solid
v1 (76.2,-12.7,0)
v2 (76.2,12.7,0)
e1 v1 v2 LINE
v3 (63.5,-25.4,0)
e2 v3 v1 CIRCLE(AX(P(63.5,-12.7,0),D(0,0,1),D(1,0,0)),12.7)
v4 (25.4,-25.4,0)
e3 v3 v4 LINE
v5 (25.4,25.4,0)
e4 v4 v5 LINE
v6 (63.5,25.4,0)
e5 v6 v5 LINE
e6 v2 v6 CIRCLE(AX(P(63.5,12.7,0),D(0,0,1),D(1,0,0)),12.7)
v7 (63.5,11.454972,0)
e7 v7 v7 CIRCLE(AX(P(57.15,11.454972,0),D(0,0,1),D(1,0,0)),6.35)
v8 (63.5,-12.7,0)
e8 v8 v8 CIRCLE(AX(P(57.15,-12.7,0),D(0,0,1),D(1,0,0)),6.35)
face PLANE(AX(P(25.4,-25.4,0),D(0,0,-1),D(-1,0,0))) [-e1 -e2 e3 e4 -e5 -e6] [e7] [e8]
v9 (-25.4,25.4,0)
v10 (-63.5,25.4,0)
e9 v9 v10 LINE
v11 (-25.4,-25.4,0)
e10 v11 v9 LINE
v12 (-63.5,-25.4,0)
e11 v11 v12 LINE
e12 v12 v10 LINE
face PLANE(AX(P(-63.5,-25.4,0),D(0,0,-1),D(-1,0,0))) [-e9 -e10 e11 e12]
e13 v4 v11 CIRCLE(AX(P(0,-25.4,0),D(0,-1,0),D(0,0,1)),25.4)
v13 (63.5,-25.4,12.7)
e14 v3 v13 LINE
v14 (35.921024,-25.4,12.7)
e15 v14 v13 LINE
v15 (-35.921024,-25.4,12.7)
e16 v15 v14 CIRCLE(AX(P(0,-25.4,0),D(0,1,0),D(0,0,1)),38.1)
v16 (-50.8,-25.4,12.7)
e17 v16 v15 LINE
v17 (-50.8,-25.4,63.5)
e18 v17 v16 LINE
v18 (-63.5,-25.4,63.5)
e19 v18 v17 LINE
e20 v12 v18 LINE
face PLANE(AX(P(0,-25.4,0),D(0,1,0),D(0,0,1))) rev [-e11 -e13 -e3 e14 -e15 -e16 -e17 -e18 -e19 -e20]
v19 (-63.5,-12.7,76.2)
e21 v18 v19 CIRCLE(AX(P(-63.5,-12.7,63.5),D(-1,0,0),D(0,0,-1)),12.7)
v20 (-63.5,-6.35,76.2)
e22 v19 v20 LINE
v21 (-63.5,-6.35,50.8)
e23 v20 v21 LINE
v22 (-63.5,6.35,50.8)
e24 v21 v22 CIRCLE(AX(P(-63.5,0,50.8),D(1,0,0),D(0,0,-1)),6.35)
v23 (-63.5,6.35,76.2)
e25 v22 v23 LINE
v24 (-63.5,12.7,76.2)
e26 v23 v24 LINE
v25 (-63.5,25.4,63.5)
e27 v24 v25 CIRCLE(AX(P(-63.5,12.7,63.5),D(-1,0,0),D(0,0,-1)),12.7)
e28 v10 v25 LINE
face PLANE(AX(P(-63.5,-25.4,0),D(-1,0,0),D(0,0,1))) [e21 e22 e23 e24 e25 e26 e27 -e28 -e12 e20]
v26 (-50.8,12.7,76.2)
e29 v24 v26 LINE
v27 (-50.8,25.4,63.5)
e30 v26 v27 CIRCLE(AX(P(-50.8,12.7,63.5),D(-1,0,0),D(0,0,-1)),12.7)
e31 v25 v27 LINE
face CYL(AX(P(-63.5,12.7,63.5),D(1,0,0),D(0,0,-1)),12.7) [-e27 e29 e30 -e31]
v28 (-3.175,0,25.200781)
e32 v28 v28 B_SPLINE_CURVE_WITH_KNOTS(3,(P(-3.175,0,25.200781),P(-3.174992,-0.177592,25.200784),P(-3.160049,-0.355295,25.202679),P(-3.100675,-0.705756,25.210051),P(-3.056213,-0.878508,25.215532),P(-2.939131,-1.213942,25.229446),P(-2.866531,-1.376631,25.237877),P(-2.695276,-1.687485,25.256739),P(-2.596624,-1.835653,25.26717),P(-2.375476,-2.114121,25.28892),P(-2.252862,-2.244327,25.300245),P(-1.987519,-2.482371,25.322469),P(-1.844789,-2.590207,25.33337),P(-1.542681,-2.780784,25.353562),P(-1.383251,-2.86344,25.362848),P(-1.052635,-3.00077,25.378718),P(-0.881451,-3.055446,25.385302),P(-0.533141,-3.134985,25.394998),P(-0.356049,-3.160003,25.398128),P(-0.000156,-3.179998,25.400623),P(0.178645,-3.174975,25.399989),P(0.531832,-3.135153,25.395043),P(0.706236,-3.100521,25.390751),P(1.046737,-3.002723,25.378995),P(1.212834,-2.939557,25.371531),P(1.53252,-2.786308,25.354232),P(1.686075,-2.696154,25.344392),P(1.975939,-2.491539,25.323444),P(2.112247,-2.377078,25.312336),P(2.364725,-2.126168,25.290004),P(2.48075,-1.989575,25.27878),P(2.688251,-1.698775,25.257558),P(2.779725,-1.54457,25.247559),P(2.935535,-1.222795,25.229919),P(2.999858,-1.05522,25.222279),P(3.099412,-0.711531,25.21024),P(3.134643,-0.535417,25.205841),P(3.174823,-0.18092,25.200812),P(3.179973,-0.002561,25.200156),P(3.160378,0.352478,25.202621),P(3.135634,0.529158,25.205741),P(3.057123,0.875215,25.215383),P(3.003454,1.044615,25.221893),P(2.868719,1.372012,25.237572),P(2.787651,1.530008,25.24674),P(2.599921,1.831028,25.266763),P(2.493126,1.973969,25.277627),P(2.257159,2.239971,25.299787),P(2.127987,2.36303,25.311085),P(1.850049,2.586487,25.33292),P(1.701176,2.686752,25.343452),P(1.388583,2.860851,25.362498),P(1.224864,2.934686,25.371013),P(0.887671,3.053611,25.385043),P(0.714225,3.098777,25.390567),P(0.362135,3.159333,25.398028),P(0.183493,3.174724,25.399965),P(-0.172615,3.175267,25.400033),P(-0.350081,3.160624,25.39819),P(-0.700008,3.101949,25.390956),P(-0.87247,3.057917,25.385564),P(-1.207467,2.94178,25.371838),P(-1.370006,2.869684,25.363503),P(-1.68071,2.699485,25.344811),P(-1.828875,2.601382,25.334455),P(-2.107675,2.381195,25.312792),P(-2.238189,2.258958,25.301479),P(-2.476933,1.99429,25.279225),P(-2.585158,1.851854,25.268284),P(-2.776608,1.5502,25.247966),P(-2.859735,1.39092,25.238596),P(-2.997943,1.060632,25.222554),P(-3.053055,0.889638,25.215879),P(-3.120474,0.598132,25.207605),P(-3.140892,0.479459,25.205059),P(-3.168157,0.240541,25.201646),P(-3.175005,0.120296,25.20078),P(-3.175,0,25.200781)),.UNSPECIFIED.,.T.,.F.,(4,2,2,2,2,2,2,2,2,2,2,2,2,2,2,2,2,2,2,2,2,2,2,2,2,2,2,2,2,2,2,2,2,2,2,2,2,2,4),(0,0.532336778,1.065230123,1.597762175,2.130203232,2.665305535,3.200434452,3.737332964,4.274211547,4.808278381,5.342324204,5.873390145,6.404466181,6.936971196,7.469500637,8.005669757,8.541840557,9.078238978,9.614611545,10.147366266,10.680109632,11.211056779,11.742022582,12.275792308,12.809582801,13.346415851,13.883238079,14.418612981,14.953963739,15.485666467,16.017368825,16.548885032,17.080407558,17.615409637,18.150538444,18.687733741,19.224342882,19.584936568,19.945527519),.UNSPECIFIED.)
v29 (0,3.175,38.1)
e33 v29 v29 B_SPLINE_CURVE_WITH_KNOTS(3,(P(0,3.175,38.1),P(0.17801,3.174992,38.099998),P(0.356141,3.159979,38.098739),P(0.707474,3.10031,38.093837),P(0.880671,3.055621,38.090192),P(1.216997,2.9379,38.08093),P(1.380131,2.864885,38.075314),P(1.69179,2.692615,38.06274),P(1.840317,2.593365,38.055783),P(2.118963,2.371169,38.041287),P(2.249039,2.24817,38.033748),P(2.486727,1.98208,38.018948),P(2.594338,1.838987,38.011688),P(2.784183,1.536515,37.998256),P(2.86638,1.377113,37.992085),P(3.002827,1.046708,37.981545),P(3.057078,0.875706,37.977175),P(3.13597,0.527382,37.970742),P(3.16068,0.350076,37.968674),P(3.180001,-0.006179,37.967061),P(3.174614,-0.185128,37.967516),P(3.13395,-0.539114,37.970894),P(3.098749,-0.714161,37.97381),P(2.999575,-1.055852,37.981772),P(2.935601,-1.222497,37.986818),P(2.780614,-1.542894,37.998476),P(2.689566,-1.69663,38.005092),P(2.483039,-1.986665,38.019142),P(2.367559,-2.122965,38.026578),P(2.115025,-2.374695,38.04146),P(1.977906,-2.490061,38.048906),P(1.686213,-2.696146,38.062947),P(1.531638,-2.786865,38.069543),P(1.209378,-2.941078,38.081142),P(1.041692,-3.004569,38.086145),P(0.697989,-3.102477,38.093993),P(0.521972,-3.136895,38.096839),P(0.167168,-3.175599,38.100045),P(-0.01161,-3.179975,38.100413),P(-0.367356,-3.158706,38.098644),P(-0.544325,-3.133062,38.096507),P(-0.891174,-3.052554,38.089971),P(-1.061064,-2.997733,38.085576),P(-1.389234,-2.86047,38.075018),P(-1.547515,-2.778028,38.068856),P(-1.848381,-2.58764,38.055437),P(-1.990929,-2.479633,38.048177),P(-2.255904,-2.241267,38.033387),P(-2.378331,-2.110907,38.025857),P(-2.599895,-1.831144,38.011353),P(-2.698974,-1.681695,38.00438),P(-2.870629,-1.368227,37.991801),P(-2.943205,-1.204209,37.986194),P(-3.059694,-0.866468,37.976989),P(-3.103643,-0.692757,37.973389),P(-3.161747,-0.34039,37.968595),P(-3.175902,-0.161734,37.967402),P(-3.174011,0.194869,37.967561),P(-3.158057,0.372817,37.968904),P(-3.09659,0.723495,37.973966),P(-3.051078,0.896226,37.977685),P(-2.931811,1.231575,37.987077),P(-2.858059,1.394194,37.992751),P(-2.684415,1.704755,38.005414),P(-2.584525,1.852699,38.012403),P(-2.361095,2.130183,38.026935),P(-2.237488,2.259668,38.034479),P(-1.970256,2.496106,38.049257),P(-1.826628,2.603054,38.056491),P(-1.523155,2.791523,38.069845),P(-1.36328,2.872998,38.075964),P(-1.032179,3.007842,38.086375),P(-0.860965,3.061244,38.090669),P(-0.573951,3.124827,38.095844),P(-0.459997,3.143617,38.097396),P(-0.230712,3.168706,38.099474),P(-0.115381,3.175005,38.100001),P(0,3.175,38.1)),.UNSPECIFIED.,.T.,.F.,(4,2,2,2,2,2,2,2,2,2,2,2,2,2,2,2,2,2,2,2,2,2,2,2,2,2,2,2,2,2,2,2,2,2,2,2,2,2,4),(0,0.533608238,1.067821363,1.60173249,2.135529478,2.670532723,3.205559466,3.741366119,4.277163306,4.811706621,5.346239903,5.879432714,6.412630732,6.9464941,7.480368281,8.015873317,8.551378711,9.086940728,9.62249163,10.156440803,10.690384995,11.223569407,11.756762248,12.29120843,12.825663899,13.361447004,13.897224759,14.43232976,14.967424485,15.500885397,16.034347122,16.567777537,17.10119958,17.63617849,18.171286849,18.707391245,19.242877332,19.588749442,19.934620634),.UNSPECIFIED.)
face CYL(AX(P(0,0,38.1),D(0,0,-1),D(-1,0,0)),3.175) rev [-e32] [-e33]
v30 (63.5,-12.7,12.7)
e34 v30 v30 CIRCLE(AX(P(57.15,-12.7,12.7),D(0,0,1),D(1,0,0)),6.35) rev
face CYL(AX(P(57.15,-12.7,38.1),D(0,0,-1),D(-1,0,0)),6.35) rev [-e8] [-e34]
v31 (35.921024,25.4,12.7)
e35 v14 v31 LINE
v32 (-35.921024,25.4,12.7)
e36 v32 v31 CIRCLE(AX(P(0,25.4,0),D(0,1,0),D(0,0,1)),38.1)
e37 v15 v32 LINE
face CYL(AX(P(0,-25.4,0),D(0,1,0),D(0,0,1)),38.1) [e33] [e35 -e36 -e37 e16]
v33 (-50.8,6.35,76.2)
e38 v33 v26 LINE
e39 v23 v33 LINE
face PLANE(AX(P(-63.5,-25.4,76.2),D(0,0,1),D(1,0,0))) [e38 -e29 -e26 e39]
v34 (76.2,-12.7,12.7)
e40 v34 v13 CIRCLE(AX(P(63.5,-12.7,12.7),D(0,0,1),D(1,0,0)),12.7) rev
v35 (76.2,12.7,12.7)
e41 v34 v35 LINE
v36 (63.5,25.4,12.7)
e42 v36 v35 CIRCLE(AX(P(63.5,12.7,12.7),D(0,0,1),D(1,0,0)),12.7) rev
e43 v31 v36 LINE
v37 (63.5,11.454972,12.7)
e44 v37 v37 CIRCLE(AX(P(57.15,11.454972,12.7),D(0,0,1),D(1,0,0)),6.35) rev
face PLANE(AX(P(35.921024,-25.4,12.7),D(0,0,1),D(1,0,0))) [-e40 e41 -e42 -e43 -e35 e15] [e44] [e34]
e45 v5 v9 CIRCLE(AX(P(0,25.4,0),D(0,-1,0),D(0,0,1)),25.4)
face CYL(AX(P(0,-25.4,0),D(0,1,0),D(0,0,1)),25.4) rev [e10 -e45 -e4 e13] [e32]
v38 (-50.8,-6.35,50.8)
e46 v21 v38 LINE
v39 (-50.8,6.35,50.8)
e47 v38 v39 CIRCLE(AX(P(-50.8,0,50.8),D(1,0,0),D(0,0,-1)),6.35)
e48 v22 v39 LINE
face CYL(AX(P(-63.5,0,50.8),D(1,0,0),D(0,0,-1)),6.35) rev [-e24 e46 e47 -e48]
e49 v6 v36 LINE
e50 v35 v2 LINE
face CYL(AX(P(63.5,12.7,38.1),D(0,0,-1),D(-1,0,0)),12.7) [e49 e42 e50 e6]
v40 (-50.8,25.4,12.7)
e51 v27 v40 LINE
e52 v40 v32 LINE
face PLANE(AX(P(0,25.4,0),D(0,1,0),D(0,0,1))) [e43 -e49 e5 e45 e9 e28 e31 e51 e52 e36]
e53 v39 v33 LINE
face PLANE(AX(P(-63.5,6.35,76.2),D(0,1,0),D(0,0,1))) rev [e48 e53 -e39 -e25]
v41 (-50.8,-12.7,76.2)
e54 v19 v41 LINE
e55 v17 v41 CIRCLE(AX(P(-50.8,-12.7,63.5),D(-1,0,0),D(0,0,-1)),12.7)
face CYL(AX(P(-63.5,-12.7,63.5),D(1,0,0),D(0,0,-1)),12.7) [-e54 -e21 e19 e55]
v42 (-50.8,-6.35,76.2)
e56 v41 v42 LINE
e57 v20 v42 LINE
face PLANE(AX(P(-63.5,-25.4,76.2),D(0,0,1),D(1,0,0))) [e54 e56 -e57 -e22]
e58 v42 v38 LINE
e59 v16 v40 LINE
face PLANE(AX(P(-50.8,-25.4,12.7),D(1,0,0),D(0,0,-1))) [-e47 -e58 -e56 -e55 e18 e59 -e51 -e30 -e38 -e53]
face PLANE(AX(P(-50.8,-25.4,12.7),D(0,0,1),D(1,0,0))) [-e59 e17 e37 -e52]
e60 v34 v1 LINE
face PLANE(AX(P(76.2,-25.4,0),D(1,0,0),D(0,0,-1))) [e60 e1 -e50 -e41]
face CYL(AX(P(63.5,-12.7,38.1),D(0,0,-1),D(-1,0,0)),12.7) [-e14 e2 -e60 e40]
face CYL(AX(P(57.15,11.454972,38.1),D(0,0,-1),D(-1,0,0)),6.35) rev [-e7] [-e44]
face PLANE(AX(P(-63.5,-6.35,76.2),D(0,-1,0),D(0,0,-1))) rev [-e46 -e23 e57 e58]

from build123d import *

# Parameters (mm, degrees)
SALIENTE_EXTRUIR1_DEPTH      = 25.4
SALIENTE_EXTRUIR1_DEPTH_BACK = 25.4
CROQUIS1_OUTSIDE_W           = 175.108
CROQUIS1_OUTSIDE_H           = 86.208
CROQUIS1_OUTSIDE_R           = 3.175
CROQUIS1_OUTSIDE_R_2         = 6.35
CORTAR_EXTRUIR1_DEPTH        = 38.1
CORTAR_EXTRUIR2_DEPTH        = 12.7


with BuildPart() as part:
    # Croquis2 → Saliente-Extruir1 (new, two sides: drawn at the far end of the back side and taken through both)
    with BuildSketch(Plane(origin=(0, 0, 0), x_dir=(1, 0, 0), z_dir=(0, 1, 0)).offset(-SALIENTE_EXTRUIR1_DEPTH_BACK)):
        with BuildLine():
            Line((-63.5, 0), (-25.4, 0))
            ThreePointArc((-25.4, 0), (0, -25.4), (25.4, 0))
            Line((25.4, 0), (76.2, 0))
            Line((76.2, 0), (76.2, -12.7))
            Line((76.2, -12.7), (35.921024484, -12.7))
            ThreePointArc((35.921024484, -12.7), (0, -38.1), (-35.921024484, -12.7))
            Line((-35.921024484, -12.7), (-50.8, -12.7))
            Line((-50.8, -12.7), (-50.8, -76.2))
            Line((-50.8, -76.2), (-63.5, -76.2))
            Line((-63.5, -76.2), (-63.5, 0))
        make_face()
    extrude(amount=SALIENTE_EXTRUIR1_DEPTH + SALIENTE_EXTRUIR1_DEPTH_BACK)

    # Croquis1 outside → Cortar-Extruir1 (cut)
    # profile 1 of 4: a face of its own
    with BuildSketch(Plane.XY):
        with Locations((6.35, 0)):
            Rectangle(CROQUIS1_OUTSIDE_W, CROQUIS1_OUTSIDE_H)
        with BuildLine():
            Line((76.2, 12.7), (76.2, -12.7))
            ThreePointArc((76.2, -12.7), (72.480256121, -21.680256121), (63.5, -25.4))
            Line((63.5, -25.4), (-63.5, -25.4))
            Line((-63.5, -25.4), (-63.5, 25.4))
            Line((-63.5, 25.4), (63.5, 25.4))
            ThreePointArc((63.5, 25.4), (72.480256121, 21.680256121), (76.2, 12.7))
        make_face(mode=Mode.SUBTRACT)
    # profile 2 of 4: a face of its own
    with BuildSketch(Plane.XY):
        Circle(CROQUIS1_OUTSIDE_R)
    # profile 3 of 4: a face of its own
    with BuildSketch(Plane.XY):
        with Locations((57.15, 11.454971957)):
            Circle(CROQUIS1_OUTSIDE_R_2)
    # profile 4 of 4: a face of its own
    with BuildSketch(Plane.XY):
        with Locations((57.15, -12.7)):
            Circle(CROQUIS1_OUTSIDE_R_2)
    extrude(amount=CORTAR_EXTRUIR1_DEPTH, mode=Mode.SUBTRACT)

    # Croquis3 → Cortar-Extruir2 (cut)
    with BuildSketch(Plane(origin=(-50.8, 0, 0), x_dir=(0, 0, -1), z_dir=(1, 0, 0))):
        with BuildLine():
            Line((-76.2, 6.35), (-50.8, 6.35))
            ThreePointArc((-50.8, 6.35), (-44.45, 0), (-50.8, -6.35))
            Line((-50.8, -6.35), (-76.2, -6.35))
            Line((-76.2, -6.35), (-76.2, 6.35))
        make_face()
        with BuildLine():
            Line((-63.5, 25.4), (-76.2, 25.4))
            Line((-76.2, 25.4), (-76.2, 12.7))
            ThreePointArc((-76.2, 12.7), (-72.480256121, 21.680256121), (-63.5, 25.4))
        make_face()
        with BuildLine():
            Line((-76.2, -12.7), (-76.2, -25.4))
            Line((-76.2, -25.4), (-63.5, -25.4))
            ThreePointArc((-63.5, -25.4), (-72.480256121, -21.680256121), (-76.2, -12.7))
        make_face()
    extrude(amount=-CORTAR_EXTRUIR2_DEPTH, mode=Mode.SUBTRACT)


solid = part.part
